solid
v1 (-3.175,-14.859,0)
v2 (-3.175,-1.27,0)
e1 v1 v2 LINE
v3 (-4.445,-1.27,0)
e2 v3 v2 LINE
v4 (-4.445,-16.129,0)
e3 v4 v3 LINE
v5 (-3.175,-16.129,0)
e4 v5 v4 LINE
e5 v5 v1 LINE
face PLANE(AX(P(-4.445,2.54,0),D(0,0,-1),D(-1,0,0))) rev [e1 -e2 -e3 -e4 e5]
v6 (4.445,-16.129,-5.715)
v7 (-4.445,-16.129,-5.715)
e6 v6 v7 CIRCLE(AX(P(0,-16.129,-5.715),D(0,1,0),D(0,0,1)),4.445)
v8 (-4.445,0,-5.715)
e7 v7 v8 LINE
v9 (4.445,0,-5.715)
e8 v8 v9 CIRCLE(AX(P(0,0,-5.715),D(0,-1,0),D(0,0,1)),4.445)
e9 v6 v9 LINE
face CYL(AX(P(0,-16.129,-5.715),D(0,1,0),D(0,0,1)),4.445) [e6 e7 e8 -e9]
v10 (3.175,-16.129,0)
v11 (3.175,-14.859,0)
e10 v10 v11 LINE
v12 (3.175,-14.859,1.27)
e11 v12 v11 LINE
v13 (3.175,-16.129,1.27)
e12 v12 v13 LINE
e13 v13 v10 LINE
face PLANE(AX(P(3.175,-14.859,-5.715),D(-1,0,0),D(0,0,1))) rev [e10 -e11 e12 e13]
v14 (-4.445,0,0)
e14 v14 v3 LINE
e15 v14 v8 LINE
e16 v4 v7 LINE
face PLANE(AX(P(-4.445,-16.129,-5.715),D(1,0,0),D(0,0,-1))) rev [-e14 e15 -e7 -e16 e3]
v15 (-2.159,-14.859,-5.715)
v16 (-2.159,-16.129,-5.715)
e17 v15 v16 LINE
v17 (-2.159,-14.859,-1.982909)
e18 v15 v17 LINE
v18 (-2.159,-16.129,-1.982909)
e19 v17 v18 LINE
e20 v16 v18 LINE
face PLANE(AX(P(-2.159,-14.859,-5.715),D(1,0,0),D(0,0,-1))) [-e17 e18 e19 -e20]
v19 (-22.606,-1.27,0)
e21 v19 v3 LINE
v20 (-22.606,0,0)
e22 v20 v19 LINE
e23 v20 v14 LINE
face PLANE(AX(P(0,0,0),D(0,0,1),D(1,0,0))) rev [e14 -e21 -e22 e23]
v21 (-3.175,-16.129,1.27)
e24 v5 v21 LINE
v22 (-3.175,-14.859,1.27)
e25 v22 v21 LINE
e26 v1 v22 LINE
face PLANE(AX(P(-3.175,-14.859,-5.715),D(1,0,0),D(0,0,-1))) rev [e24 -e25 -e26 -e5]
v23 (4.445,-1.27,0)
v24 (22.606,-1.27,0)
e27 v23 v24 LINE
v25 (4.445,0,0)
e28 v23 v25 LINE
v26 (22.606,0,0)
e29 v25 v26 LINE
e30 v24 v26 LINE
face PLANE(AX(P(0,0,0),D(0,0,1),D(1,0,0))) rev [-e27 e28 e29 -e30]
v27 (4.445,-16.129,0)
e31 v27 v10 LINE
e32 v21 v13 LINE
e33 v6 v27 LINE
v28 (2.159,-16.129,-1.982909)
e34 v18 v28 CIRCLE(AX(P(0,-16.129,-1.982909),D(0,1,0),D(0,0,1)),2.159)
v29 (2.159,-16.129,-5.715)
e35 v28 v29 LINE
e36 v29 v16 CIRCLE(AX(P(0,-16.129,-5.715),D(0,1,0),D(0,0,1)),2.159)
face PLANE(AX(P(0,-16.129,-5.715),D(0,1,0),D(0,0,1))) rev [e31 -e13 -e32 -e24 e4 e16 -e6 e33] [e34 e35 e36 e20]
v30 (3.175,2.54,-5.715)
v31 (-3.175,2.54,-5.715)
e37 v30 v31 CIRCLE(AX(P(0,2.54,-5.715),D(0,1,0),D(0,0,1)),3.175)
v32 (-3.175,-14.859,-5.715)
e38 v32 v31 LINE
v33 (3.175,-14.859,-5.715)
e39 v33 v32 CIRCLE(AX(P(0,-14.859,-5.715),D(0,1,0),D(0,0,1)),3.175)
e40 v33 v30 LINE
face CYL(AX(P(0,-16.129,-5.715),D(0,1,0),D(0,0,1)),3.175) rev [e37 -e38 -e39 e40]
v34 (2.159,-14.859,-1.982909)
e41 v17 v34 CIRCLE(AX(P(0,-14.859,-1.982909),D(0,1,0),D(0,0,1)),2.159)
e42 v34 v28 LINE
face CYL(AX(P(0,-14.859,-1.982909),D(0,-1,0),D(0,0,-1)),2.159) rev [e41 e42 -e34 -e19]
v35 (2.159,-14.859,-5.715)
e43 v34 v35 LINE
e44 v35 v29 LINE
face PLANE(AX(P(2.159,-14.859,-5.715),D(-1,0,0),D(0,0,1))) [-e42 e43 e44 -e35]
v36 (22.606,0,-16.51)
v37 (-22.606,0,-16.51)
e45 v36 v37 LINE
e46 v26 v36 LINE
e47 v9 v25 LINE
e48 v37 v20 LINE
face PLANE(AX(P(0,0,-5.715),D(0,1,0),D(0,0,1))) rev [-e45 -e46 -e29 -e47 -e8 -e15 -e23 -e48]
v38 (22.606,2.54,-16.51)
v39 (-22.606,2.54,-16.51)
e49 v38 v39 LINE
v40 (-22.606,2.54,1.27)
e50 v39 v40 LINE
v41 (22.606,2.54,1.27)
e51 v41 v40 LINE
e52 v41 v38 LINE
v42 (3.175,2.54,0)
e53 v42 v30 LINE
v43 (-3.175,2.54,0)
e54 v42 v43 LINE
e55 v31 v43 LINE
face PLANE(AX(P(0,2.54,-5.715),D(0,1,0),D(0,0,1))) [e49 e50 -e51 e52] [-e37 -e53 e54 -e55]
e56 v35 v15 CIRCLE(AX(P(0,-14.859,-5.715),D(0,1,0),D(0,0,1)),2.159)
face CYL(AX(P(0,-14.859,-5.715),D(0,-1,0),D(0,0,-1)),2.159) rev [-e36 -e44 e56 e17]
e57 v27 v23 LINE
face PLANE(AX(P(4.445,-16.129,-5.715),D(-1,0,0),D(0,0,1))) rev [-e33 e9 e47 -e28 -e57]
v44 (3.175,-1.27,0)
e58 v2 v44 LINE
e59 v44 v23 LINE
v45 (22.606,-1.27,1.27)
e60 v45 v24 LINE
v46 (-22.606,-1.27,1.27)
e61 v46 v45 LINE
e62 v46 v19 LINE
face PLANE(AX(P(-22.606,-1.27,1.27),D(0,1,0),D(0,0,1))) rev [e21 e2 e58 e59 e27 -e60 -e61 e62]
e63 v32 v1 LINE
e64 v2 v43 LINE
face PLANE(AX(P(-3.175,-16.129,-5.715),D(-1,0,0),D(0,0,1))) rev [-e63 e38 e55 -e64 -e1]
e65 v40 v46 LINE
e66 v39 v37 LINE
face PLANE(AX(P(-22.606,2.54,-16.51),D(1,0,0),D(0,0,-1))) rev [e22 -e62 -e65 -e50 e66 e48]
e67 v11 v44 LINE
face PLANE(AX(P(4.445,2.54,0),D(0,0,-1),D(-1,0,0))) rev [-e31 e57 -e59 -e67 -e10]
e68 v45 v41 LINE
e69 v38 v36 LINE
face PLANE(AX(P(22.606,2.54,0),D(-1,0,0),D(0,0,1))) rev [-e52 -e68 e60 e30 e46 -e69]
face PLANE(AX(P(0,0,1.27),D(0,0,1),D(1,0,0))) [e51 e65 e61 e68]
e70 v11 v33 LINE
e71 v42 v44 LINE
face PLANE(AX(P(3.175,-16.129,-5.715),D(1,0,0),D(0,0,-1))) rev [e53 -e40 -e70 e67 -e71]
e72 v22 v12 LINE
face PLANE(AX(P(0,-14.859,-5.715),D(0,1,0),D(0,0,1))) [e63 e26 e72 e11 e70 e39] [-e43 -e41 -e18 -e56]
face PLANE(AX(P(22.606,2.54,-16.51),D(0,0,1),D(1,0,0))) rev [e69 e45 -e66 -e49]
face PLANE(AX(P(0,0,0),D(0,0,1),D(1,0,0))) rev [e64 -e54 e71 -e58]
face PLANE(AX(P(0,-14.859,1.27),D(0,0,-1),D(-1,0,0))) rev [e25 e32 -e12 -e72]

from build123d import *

# Parameters (mm, degrees)
BOSS_EXTRUDE1_DEPTH = 2.54
BOSS_EXTRUDE2_START = -16.129
BOSS_EXTRUDE2_DEPTH = 18.669
SKETCH3_W           = 45.212
SKETCH3_H           = 3.81
BOSS_EXTRUDE3_DEPTH = 1.27
BOSS_EXTRUDE4_START = -16.129
BOSS_EXTRUDE4_DEPTH = 1.27


with BuildPart() as part:
    # Sketch1 → Boss-Extrude1 (new body)
    with BuildSketch(Plane(origin=(0, 0, 0), x_dir=(1, 0, 0), z_dir=(0, 1, 0))):
        with BuildLine():
            Line((22.606, 0), (22.606, 16.51))
            Line((22.606, 16.51), (-22.606, 16.51))
            Line((-22.606, 16.51), (-22.606, 0))
            Line((-22.606, 0), (-4.445, 0))
            Line((-4.445, 0), (-4.445, 5.715))
            ThreePointArc((-4.445, 5.715), (0, 10.16), (4.445, 5.715))
            Line((4.445, 5.715), (4.445, 0))
            Line((4.445, 0), (22.606, 0))
        make_face()
    extrude(amount=BOSS_EXTRUDE1_DEPTH)

    # Sketch2 → Boss-Extrude2 (add)
    with BuildSketch(Plane(origin=(0, 0, 0), x_dir=(1, 0, 0), z_dir=(0, 1, 0)).offset(BOSS_EXTRUDE2_START)):
        with BuildLine():
            Line((-4.445, 0), (-3.175, 0))
            Line((-3.175, 0), (-3.175, 5.715))
            ThreePointArc((-3.175, 5.715), (0, 8.89), (3.175, 5.715))
            Line((3.175, 5.715), (3.175, 0))
            Line((3.175, 0), (4.445, 0))
            Line((4.445, 0), (4.445, 5.715))
            ThreePointArc((4.445, 5.715), (0, 10.16), (-4.445, 5.715))
            Line((-4.445, 5.715), (-4.445, 0))
        make_face()
    extrude(amount=BOSS_EXTRUDE2_DEPTH)

    # Sketch3 → Boss-Extrude3 (add)
    with BuildSketch(Plane.XY):
        with Locations((0, 0.635)):
            Rectangle(SKETCH3_W, SKETCH3_H)
    extrude(amount=BOSS_EXTRUDE3_DEPTH)

    # Sketch4 → Boss-Extrude4 (add)
    with BuildSketch(Plane(origin=(0, 0, 0), x_dir=(1, 0, 0), z_dir=(0, 1, 0)).offset(BOSS_EXTRUDE4_START)):
        with BuildLine():
            Line((3.175, 5.715), (3.175, -1.27))
            Line((3.175, -1.27), (-3.175, -1.27))
            Line((-3.175, -1.27), (-3.175, 5.715))
            ThreePointArc((-3.175, 5.715), (0, 8.89), (3.175, 5.715))
        make_face()
        with BuildLine():
            Line((-2.159, 5.715), (-2.159, 1.982909029))
            ThreePointArc((-2.159, 1.982909029), (0, -0.176090971), (2.159, 1.982909029))
            Line((2.159, 1.982909029), (2.159, 5.715))
            ThreePointArc((2.159, 5.715), (0, 7.874), (-2.159, 5.715))
        make_face(mode=Mode.SUBTRACT)
    extrude(amount=BOSS_EXTRUDE4_DEPTH)


solid = part.part
